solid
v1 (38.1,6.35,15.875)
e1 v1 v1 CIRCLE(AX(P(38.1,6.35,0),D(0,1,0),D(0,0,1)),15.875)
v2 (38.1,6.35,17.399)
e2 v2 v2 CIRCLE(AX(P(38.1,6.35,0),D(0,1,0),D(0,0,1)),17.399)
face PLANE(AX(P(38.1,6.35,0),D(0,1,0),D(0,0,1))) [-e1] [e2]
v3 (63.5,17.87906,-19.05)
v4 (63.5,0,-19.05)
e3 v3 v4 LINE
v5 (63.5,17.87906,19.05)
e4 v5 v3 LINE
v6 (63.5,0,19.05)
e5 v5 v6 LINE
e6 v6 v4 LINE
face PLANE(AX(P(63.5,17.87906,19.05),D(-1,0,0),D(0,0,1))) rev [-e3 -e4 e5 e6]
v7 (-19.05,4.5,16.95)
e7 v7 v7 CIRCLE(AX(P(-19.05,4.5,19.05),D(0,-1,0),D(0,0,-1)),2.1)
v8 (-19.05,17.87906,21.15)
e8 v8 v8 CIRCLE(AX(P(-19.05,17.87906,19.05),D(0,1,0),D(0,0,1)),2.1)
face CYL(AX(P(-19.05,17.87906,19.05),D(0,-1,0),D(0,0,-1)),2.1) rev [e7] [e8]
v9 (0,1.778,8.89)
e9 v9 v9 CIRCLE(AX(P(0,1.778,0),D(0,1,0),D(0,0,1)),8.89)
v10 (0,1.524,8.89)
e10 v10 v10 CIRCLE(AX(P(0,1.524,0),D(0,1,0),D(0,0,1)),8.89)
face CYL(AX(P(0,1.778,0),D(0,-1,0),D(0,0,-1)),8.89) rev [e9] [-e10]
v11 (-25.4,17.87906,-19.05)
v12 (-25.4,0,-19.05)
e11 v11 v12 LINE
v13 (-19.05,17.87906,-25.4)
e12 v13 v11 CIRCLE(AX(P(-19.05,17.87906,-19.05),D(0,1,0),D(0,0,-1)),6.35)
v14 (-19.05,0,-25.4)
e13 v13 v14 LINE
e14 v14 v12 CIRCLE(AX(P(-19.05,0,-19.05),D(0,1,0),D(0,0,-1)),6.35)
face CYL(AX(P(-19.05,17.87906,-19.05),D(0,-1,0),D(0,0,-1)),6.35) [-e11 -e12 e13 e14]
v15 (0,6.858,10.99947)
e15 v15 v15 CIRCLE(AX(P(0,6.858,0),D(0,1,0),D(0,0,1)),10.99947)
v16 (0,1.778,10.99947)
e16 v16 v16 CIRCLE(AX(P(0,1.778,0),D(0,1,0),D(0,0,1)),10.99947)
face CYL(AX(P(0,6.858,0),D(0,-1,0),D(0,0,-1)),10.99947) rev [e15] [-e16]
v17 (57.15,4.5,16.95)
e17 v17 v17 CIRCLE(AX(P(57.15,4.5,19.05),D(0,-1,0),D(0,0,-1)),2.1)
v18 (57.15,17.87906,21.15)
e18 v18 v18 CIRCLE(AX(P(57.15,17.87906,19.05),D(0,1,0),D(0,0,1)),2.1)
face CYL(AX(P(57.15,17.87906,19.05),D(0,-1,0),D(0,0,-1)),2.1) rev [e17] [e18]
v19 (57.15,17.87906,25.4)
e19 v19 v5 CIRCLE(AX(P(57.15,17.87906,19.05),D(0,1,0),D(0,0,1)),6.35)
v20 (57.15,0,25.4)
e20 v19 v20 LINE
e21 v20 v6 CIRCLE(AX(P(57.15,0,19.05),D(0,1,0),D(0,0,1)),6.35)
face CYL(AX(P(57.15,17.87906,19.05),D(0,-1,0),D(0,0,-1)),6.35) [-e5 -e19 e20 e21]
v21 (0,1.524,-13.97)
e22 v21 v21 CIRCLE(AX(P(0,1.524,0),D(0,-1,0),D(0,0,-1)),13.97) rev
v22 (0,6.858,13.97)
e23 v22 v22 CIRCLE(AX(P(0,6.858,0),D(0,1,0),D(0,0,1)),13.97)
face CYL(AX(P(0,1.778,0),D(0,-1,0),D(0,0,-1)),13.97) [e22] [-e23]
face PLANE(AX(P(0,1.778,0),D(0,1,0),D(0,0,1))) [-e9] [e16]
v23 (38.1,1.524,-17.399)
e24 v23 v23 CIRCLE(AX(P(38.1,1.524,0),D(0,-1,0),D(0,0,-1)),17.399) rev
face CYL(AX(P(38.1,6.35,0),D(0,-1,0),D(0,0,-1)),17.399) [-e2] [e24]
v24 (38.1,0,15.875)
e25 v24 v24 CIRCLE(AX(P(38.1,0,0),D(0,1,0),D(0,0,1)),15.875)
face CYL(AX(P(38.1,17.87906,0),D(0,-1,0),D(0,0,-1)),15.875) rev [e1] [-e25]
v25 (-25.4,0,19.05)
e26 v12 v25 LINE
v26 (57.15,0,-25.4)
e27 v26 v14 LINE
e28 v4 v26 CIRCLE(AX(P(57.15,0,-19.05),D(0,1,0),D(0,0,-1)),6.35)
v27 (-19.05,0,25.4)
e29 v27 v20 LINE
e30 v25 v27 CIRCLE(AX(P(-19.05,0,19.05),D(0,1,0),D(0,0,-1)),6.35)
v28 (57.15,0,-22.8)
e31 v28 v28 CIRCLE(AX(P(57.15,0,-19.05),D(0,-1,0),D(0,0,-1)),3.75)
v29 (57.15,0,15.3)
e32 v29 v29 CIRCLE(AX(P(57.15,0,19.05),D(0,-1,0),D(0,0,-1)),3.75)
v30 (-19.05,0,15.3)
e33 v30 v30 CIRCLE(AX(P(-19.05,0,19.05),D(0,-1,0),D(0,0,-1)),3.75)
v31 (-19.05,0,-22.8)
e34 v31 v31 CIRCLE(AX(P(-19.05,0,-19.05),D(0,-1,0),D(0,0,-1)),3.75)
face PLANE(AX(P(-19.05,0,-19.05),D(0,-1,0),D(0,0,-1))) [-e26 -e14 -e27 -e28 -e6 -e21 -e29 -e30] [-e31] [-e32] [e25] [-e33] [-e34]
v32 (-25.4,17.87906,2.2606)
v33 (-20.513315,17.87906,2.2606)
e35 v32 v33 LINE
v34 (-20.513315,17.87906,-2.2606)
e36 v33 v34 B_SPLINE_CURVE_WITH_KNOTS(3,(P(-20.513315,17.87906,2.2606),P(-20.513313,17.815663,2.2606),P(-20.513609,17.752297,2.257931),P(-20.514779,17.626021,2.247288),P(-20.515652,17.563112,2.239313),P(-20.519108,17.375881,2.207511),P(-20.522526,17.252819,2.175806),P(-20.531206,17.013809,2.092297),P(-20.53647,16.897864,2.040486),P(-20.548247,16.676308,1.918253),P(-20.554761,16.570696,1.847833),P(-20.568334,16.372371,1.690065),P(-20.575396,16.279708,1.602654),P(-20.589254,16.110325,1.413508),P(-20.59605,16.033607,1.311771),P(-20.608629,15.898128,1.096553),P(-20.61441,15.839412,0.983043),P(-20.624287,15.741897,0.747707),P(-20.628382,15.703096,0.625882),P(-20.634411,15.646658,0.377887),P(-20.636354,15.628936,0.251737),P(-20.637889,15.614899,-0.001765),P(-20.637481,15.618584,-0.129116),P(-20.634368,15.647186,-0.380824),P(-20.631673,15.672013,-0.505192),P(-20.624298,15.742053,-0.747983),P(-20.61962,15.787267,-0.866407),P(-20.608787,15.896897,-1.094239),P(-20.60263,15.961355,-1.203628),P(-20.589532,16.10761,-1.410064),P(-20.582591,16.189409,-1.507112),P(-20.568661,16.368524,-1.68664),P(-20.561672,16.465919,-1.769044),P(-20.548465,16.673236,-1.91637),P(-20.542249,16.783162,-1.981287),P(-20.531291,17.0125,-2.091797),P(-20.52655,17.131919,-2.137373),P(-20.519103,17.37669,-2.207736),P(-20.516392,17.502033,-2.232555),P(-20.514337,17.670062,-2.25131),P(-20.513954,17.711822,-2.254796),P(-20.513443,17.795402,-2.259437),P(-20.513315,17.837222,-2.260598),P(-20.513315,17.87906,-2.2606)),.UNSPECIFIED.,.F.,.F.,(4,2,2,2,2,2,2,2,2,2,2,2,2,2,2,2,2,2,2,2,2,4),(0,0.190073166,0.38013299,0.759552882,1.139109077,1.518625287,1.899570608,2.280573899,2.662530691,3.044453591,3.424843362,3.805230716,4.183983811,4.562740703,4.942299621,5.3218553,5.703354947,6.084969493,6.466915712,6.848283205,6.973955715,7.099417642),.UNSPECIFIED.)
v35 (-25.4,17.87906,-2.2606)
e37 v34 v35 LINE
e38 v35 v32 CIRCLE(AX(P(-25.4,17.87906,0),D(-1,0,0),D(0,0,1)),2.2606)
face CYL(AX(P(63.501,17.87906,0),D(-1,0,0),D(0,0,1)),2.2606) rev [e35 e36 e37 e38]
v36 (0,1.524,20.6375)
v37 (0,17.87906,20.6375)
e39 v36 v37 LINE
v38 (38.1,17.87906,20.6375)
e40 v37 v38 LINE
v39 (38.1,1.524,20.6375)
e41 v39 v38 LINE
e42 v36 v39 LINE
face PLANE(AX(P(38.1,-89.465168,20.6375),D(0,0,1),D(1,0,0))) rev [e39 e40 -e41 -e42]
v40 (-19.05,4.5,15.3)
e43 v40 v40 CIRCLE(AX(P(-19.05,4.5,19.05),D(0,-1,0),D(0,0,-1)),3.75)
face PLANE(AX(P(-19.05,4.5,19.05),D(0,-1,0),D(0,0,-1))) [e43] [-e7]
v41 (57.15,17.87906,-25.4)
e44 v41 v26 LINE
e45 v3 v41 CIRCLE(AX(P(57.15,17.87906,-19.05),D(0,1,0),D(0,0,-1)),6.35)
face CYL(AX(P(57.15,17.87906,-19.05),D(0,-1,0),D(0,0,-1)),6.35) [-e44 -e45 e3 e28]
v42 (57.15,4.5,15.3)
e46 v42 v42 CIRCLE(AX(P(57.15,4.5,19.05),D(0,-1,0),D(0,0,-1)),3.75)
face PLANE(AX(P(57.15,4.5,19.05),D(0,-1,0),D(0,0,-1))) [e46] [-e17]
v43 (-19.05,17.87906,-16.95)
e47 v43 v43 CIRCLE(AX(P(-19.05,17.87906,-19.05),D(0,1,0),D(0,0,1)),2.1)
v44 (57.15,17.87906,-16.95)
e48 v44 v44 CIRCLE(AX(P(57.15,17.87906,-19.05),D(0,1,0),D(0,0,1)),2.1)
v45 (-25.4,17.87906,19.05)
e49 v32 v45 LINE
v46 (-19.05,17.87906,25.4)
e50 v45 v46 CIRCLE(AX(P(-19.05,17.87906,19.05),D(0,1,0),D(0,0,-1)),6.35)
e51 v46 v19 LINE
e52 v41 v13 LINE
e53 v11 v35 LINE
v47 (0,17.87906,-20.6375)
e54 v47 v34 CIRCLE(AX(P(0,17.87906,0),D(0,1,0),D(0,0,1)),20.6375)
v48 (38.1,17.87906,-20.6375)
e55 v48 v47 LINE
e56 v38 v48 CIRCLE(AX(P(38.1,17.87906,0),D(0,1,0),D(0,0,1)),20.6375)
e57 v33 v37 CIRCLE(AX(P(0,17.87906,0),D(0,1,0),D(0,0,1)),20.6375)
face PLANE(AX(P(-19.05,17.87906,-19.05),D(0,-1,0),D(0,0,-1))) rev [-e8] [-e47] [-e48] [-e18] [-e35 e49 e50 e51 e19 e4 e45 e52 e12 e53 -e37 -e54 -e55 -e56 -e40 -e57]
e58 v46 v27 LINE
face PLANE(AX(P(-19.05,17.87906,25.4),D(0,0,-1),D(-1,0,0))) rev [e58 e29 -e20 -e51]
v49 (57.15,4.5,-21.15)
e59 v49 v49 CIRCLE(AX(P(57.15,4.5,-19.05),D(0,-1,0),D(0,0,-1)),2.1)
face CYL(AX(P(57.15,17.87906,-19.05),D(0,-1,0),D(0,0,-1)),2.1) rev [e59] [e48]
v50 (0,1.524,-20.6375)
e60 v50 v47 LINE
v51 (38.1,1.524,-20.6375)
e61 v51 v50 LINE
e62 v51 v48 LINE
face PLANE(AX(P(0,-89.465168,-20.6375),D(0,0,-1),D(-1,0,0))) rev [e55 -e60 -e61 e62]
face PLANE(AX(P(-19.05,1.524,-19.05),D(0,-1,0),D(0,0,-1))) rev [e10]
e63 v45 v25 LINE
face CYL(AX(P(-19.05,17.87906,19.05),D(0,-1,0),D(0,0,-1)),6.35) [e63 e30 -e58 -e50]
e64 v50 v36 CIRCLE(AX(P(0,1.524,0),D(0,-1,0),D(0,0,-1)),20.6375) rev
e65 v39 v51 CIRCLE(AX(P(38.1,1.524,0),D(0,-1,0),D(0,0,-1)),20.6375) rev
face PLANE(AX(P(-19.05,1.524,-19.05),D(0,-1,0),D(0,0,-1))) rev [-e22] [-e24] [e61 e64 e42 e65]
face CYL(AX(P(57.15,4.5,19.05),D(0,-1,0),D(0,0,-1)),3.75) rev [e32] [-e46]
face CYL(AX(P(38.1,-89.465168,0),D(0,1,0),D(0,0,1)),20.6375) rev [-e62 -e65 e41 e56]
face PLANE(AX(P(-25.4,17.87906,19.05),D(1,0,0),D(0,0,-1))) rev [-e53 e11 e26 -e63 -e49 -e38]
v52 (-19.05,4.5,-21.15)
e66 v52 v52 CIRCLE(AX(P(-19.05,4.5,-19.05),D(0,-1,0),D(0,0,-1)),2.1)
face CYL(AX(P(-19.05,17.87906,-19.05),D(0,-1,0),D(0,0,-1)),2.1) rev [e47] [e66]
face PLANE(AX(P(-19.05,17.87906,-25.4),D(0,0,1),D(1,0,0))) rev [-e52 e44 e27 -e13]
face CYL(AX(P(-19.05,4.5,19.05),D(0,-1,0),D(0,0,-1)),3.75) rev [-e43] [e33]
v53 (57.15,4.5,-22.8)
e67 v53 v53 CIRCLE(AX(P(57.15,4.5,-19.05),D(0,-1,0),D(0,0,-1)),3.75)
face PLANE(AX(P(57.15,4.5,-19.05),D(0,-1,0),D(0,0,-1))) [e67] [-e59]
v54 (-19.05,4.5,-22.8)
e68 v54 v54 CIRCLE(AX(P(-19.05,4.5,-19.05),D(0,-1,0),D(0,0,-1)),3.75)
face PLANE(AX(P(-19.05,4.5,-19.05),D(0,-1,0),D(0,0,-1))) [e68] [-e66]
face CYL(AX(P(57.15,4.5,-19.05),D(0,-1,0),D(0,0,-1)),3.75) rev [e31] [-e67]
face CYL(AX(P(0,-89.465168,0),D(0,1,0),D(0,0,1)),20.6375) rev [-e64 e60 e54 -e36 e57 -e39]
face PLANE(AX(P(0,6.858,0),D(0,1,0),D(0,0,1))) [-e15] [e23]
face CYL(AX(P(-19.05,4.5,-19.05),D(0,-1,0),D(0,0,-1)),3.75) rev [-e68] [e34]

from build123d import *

# Parameters (mm, degrees)
SKETCH1_R               = 15.875
SKETCH1_R_2             = 2.1
BOSS_EXTRUDE1_DEPTH     = 17.87906
CUT_EXTRUDE1_DEPTH      = 16.35506
SKETCH3_R               = 13.97
SKETCH3_R_2             = 8.89
BOSS_EXTRUDE2_DEPTH     = 0.254
SKETCH4_R               = 13.97
SKETCH4_R_2             = 10.99947
BOSS_EXTRUDE3_DEPTH     = 5.08
SKETCH5_R               = 17.399
SKETCH5_R_2             = 15.875
BOSS_EXTRUDE4_DEPTH     = 4.826
CUT_EXTRUDE2_REACH      = 96.17
CUT_EXTRUDE2_END_RADIUS = 20.6375
SKETCH6_R               = 2.2606
SKETCH7_R               = 3.75
CUT_EXTRUDE3_DEPTH      = 4.5


with BuildPart() as part:
    # Sketch1 → Boss-Extrude1 (new body)
    with BuildSketch(Plane(origin=(0, 0, 0), x_dir=(1, 0, 0), z_dir=(0, 1, 0))):
        with BuildLine():
            Line((-19.05, -25.4), (57.15, -25.4))
            ThreePointArc((57.15, -25.4), (61.640128061, -23.540128061), (63.5, -19.05))
            Line((63.5, -19.05), (63.5, 19.05))
            ThreePointArc((63.5, 19.05), (61.640128061, 23.540128061), (57.15, 25.4))
            Line((57.15, 25.4), (-19.05, 25.4))
            ThreePointArc((-19.05, 25.4), (-23.540128061, 23.540128061), (-25.4, 19.05))
            Line((-25.4, 19.05), (-25.4, -19.05))
            ThreePointArc((-25.4, -19.05), (-23.540128061, -23.540128061), (-19.05, -25.4))
        make_face()
        with Locations(Location((38.1, 0, 0), (0, 0, 270))):
            Circle(SKETCH1_R, mode=Mode.SUBTRACT)
        with Locations(Location((-19.05, 19.05, 0), (0, 0, 270))):
            Circle(SKETCH1_R_2, mode=Mode.SUBTRACT)
        with Locations(Location((-19.05, -19.05, 0), (0, 0, 270))):
            Circle(SKETCH1_R_2, mode=Mode.SUBTRACT)
        with Locations(Location((57.15, -19.05, 0), (0, 0, 270))):
            Circle(SKETCH1_R_2, mode=Mode.SUBTRACT)
        with Locations(Location((57.15, 19.05, 0), (0, 0, 270))):
            Circle(SKETCH1_R_2, mode=Mode.SUBTRACT)
    extrude(amount=BOSS_EXTRUDE1_DEPTH)

    # Sketch2 → Cut-Extrude1 (cut)
    with BuildSketch(Plane(origin=(0, 17.87906, 0), x_dir=(1, 0, 0), z_dir=(0, 1, 0))):
        with BuildLine():
            Line((0, 20.6375), (38.1, 20.6375))
            ThreePointArc((38.1, 20.6375), (58.7375, 0), (38.1, -20.6375))
            Line((38.1, -20.6375), (0, -20.6375))
            ThreePointArc((0, -20.6375), (-20.6375, 0), (0, 20.6375))
        make_face()
    extrude(amount=-CUT_EXTRUDE1_DEPTH, mode=Mode.SUBTRACT)

    # Sketch3 → Boss-Extrude2 (add)
    with BuildSketch(Plane(origin=(0, 1.524, 0), x_dir=(1, 0, 0), z_dir=(0, 1, 0))):
        with Locations(Location((0, 0, 0), (0, 0, 90))):
            Circle(SKETCH3_R)
        with Locations(Location((0, 0, 0), (0, 0, 270))):
            Circle(SKETCH3_R_2, mode=Mode.SUBTRACT)
    extrude(amount=BOSS_EXTRUDE2_DEPTH)

    # Sketch4 → Boss-Extrude3 (add)
    with BuildSketch(Plane(origin=(0, 1.778, 0), x_dir=(1, 0, 0), z_dir=(0, 1, 0))):
        with Locations(Location((0, 0, 0), (0, 0, 90))):
            Circle(SKETCH4_R)
        with Locations(Location((0, 0, 0), (0, 0, 270))):
            Circle(SKETCH4_R_2, mode=Mode.SUBTRACT)
    extrude(amount=BOSS_EXTRUDE3_DEPTH)

    # Sketch5 → Boss-Extrude4 (add)
    with BuildSketch(Plane(origin=(0, 1.524, 0), x_dir=(1, 0, 0), z_dir=(0, 1, 0))):
        with Locations(Location((38.1, 0, 0), (0, 0, 90))):
            Circle(SKETCH5_R)
        with Locations(Location((38.1, 0, 0), (0, 0, 270))):
            Circle(SKETCH5_R_2, mode=Mode.SUBTRACT)
    extrude(amount=BOSS_EXTRUDE4_DEPTH)

    # Cut-Extrude2: up to this cylinder (the profile starts outside it)
    cut_extrude2_end = Plane(origin=(0, 17.87906, 0), z_dir=(0, 1, 0)) * Cylinder(CUT_EXTRUDE2_END_RADIUS, 234.615, mode=Mode.PRIVATE)
    # Sketch6 → Cut-Extrude2 (cut, up to the surface)
    with BuildSketch(Plane.ZY.offset(25.4), mode=Mode.PRIVATE) as cut_extrude2_sk1:
        with Locations((0, 17.87906)):
            Circle(SKETCH6_R)
    cut_extrude2_tool1 = extrude(cut_extrude2_sk1.sketch, amount=-CUT_EXTRUDE2_REACH, mode=Mode.PRIVATE) - cut_extrude2_end
    add(cut_extrude2_tool1.solids().sort_by_distance((-25.4, 17.87906, 0))[0], mode=Mode.SUBTRACT)

    # Sketch7 → Cut-Extrude3 (cut)
    with BuildSketch(Plane.XZ):
        with Locations(Location((-19.05, 19.05, 0), (0, 0, 270))):
            Circle(SKETCH7_R)
        with Locations(Location((-19.05, -19.05, 0), (0, 0, 270))):
            Circle(SKETCH7_R)
        with Locations(Location((57.15, -19.05, 0), (0, 0, 270))):
            Circle(SKETCH7_R)
        with Locations(Location((57.15, 19.05, 0), (0, 0, 270))):
            Circle(SKETCH7_R)
    extrude(amount=-CUT_EXTRUDE3_DEPTH, mode=Mode.SUBTRACT)


solid = part.part
